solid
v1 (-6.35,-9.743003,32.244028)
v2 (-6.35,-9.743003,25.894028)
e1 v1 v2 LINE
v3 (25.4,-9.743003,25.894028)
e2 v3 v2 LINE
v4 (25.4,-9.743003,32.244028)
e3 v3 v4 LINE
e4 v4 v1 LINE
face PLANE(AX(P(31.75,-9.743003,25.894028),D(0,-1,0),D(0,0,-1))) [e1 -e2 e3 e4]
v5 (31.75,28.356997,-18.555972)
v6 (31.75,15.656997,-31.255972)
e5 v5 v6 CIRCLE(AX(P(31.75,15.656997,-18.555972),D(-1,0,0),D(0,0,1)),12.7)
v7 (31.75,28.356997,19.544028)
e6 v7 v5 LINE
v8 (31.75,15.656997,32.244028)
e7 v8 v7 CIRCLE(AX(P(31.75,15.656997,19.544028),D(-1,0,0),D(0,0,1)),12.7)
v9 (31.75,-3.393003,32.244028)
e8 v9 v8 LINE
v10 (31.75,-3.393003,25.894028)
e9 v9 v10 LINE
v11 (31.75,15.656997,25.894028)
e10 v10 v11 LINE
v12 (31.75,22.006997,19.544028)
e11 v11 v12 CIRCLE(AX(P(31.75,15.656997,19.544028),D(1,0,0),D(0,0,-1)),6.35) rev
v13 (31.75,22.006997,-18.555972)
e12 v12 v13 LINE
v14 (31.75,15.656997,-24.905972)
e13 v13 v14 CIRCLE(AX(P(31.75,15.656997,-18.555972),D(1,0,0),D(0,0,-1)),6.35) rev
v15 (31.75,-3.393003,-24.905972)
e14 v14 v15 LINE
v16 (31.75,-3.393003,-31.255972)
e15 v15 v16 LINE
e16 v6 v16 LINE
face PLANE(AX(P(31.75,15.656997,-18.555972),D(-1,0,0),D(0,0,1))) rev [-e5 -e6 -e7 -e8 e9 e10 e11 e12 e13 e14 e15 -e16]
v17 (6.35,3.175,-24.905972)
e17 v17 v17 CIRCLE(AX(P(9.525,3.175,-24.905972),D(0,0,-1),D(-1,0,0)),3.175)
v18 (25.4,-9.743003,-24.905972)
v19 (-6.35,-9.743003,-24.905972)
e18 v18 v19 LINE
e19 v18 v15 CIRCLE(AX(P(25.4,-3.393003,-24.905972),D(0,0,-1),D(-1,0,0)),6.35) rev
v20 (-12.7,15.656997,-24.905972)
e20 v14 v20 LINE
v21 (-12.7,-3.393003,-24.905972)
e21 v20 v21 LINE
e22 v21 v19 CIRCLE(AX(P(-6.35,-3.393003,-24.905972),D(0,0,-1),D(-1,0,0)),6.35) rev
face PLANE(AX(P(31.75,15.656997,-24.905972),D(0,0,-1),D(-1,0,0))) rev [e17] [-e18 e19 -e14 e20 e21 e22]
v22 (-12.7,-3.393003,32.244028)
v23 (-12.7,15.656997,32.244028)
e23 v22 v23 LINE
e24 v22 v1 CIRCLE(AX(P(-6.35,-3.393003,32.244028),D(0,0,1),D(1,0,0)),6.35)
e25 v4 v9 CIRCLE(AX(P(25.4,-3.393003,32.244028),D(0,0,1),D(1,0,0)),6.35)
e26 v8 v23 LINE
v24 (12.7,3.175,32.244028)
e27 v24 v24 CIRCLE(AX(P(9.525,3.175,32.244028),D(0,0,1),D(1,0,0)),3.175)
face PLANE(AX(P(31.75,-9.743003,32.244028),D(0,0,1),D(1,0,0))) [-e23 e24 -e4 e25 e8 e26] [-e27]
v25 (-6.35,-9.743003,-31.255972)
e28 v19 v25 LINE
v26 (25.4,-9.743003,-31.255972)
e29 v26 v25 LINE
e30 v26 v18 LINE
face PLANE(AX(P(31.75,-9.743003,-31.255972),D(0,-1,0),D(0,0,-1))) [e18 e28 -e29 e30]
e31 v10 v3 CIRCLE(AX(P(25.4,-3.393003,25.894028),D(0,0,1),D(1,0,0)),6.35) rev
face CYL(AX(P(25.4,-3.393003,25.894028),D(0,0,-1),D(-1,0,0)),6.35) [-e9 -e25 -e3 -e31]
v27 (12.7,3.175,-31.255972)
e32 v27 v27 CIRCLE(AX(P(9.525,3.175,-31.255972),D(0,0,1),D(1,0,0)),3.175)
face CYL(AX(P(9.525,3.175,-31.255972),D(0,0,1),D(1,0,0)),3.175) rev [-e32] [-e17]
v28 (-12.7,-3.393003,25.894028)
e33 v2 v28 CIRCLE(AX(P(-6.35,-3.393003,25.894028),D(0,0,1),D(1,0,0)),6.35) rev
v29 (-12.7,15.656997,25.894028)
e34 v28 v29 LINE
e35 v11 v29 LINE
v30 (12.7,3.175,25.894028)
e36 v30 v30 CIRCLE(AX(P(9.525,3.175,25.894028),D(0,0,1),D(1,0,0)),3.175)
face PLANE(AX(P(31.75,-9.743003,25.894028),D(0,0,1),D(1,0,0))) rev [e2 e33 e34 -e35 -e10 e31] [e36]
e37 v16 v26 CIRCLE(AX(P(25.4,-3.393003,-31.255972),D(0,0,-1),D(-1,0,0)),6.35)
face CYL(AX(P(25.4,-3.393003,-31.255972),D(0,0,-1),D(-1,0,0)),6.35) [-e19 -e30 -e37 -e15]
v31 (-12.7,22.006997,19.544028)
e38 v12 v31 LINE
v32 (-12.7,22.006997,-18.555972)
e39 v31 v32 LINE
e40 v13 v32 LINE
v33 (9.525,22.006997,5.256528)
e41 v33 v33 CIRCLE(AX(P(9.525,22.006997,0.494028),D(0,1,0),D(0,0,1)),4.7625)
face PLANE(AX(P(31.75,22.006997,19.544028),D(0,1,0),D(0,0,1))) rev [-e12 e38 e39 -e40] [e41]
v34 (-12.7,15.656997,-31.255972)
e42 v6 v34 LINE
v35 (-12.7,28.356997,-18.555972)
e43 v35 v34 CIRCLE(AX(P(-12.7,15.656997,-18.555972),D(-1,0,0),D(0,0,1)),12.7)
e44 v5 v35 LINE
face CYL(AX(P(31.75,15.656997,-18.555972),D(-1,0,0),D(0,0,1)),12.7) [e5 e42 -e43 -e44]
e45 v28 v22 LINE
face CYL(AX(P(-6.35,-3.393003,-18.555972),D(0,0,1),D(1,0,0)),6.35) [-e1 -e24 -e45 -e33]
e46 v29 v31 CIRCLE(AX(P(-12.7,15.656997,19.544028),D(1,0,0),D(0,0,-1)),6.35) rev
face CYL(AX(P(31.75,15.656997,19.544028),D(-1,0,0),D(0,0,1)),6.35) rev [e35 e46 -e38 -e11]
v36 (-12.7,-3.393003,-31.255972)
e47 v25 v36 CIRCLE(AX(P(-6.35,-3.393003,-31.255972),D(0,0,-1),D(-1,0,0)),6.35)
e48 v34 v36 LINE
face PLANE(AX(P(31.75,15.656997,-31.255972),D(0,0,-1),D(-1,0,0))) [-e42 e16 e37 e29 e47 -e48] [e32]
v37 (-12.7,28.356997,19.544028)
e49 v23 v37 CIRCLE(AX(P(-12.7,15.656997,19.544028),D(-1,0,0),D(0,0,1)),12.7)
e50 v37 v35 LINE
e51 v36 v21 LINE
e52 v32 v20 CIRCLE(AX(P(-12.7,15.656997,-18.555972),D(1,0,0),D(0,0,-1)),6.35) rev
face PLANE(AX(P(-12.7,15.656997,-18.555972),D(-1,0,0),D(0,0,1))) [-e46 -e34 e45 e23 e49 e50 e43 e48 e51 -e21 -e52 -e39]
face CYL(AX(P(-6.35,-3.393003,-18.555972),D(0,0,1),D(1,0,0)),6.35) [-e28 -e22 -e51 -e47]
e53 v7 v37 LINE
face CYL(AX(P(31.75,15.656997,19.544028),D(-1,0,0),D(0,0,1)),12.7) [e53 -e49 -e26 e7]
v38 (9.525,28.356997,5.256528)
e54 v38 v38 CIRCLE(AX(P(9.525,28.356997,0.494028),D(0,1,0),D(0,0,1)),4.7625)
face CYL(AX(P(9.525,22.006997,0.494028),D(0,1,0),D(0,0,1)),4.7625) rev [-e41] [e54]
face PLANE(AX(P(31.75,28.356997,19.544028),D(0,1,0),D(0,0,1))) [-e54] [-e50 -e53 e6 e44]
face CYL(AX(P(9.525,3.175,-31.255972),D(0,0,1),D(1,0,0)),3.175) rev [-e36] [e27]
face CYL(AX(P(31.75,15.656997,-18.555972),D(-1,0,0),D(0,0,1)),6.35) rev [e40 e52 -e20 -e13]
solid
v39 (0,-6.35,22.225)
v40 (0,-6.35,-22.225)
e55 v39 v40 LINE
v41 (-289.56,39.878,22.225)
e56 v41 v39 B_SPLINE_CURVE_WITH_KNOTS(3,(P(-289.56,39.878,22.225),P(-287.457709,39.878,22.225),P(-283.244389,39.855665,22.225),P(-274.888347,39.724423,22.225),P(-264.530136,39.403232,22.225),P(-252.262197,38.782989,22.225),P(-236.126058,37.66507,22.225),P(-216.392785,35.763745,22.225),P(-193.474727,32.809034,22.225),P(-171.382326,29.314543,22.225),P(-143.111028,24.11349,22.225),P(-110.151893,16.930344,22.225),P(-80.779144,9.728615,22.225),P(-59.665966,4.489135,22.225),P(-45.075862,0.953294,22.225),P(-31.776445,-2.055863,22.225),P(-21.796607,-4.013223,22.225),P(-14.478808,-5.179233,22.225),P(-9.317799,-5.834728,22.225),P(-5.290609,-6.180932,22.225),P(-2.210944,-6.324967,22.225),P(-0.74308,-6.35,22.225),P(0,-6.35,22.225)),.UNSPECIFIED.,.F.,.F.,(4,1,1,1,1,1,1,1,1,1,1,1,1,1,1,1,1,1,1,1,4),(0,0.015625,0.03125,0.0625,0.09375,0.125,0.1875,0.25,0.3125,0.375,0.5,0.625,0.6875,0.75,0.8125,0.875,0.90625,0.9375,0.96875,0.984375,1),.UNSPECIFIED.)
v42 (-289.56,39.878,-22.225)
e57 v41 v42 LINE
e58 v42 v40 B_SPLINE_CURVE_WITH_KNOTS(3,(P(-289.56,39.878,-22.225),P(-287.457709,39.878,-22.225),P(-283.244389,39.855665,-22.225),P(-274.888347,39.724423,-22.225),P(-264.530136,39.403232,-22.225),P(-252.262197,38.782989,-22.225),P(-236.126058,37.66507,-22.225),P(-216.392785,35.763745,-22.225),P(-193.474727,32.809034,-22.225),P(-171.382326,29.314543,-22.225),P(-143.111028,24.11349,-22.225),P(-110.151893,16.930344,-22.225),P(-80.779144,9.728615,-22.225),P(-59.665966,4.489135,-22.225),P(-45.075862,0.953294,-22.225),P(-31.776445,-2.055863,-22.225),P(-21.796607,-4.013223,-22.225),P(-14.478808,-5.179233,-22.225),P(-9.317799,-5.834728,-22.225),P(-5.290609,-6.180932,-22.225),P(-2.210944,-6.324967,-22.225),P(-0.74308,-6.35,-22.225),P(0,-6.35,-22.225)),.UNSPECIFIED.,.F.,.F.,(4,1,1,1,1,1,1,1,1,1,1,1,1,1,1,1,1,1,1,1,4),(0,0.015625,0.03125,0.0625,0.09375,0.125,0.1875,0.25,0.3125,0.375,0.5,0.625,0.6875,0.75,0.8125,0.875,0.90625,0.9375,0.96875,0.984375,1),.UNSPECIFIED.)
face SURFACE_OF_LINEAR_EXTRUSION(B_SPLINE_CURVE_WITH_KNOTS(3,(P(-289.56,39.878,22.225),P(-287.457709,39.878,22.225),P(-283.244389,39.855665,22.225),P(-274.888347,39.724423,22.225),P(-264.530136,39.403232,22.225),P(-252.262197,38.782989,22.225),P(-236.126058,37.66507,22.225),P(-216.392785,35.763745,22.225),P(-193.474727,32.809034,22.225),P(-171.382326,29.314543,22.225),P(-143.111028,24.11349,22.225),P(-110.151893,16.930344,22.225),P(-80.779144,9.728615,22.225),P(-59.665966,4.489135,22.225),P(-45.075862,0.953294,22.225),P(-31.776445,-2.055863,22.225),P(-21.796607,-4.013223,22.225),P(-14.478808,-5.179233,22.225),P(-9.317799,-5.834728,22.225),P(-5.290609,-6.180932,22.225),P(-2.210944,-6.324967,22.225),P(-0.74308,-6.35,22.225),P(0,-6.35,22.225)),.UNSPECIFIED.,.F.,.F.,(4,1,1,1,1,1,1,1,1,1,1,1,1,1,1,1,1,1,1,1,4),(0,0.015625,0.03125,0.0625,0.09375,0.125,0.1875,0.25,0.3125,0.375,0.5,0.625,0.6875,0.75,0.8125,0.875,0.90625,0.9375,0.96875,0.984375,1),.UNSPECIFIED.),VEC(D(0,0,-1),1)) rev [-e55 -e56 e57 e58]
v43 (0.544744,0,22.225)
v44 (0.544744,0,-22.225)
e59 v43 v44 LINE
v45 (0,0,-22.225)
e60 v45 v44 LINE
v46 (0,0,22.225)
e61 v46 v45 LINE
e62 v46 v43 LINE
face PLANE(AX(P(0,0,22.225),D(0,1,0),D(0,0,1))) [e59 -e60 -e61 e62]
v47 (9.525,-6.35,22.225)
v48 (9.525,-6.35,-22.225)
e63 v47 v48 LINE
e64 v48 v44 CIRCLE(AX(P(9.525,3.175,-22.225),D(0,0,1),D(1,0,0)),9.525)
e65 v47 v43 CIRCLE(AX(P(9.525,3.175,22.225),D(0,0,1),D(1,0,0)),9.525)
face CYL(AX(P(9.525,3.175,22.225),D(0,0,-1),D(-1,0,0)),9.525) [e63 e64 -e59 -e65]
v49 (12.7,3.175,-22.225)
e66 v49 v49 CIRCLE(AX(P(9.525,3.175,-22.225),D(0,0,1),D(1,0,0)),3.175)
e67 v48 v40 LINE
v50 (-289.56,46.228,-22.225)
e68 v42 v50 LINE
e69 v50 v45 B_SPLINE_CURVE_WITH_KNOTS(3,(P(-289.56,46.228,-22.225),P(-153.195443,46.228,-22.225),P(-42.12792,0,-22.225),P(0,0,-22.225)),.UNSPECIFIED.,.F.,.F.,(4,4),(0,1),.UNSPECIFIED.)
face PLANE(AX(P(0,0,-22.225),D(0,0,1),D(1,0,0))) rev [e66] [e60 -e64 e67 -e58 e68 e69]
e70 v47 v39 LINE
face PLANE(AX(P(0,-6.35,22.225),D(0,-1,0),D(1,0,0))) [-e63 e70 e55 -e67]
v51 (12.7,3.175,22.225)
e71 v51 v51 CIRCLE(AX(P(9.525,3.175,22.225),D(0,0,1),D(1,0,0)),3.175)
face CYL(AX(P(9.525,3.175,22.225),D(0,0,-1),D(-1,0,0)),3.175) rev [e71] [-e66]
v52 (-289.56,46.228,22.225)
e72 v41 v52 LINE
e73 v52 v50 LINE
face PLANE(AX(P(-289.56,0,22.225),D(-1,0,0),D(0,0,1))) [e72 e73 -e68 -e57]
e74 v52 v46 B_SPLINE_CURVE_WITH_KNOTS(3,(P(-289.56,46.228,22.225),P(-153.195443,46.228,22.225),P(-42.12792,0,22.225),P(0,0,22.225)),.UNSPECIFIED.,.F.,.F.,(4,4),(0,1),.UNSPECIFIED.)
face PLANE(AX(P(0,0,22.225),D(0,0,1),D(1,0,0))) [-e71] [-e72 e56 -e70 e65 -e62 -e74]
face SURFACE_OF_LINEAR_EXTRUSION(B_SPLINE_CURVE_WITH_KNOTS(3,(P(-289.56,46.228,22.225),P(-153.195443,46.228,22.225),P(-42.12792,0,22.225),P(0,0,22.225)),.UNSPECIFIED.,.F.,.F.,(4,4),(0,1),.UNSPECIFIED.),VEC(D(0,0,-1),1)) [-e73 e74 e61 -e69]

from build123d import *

# Parameters (mm, degrees)
SKETCH1_R           = 3.175
BOSS_EXTRUDE1_DEPTH = 22.225
EXTRUDE_THIN1_START = -12.7
EXTRUDE_THIN1_DEPTH = 44.45
SKETCH3_R           = 3.175
CUT_EXTRUDE1_DEPTH  = 301.023785142
FILLET1_R           = 6.35
SKETCH4_R           = 4.7625
CUT_EXTRUDE2_DEPTH  = 6.35


with BuildPart() as part:
    # Sketch1 → Boss-Extrude1 (new, symmetric)
    with BuildSketch(Plane.XY):
        with BuildLine():
            Line((-289.56, 46.228), (-289.56, 39.878))
            add(Edge.make_bspline(
                [(-289.56, 39.878), (-287.457708774, 39.878), (-283.244388722, 39.855665269), (-274.888346659, 39.72442276), (-264.530135649, 39.403232114), (-252.262197223, 38.782989217), (-236.126058345, 37.665070109), (-216.392784617, 35.763744796), (-193.474726614, 32.809033629), (-171.382325609, 29.314543407), (-143.111028194, 24.11348997), (-110.15189314, 16.930344434), (-80.779143513, 9.728615394), (-59.665965857, 4.489135204), (-45.075862357, 0.953293749), (-31.776445337, -2.055863029), (-21.796607379, -4.013222514), (-14.47880752, -5.179232924), (-9.317799197, -5.834727867), (-5.290609247, -6.180931611), (-2.210944405, -6.324967238), (-0.743079937, -6.35), (0, -6.35)],
                knots=[0, 0, 0, 0, 0.015625, 0.03125, 0.0625, 0.09375, 0.125, 0.1875, 0.25, 0.3125, 0.375, 0.5, 0.625, 0.6875, 0.75, 0.8125, 0.875, 0.90625, 0.9375, 0.96875, 0.984375, 1, 1, 1, 1], degree=3))
            Line((0, -6.35), (9.525, -6.35))
            ThreePointArc((9.525, -6.35), (15.024261314, 10.952129933), (0.544743879, 0))
            Line((0.544743879, 0), (0, 0))
            add(Edge.make_bspline(
                [(-289.56, 46.228), (-153.195442893, 46.228), (-42.127920077, 0), (0, 0)],
                knots=[0, 0, 0, 0, 1, 1, 1, 1], degree=3))
        make_face()
        with Locations((9.525, 3.175)):
            Circle(SKETCH1_R, mode=Mode.SUBTRACT)
    extrude(amount=BOSS_EXTRUDE1_DEPTH, both=True)


with BuildPart() as body_2:
    # Sketch2 → Extrude-Thin1 (new body)
    with BuildSketch(Plane(origin=(0, 0, 0), x_dir=(0, 0, -1), z_dir=(1, 0, 0)).offset(EXTRUDE_THIN1_START)):
        with BuildLine():
            Line((-32.244028337, -9.743002829), (-32.244028337, 15.656997171))
            ThreePointArc((-32.244028337, 15.656997171), (-28.524284458, 24.637253292), (-19.544028337, 28.356997171))
            Line((-19.544028337, 28.356997171), (18.555971663, 28.356997171))
            ThreePointArc((18.555971663, 28.356997171), (27.536227785, 24.637253292), (31.255971663, 15.656997171))
            Line((31.255971663, 15.656997171), (31.255971663, -9.743002829))
            Line((31.255971663, -9.743002829), (24.905971663, -9.743002829))
            Line((24.905971663, -9.743002829), (24.905971663, 15.656997171))
            ThreePointArc((24.905971663, 15.656997171), (23.046099724, 20.147125231), (18.555971663, 22.006997171))
            Line((18.555971663, 22.006997171), (-19.544028337, 22.006997171))
            ThreePointArc((-19.544028337, 22.006997171), (-24.034156397, 20.147125231), (-25.894028337, 15.656997171))
            Line((-25.894028337, 15.656997171), (-25.894028337, -9.743002829))
            Line((-25.894028337, -9.743002829), (-32.244028337, -9.743002829))
        make_face()
    extrude(amount=EXTRUDE_THIN1_DEPTH)

    # Sketch3 → Cut-Extrude1 (cut, through all)
    with BuildSketch(Plane.XY.offset(32.244028337)):
        with Locations((9.525, 3.175)):
            Circle(SKETCH3_R)
    extrude(amount=-CUT_EXTRUDE1_DEPTH, mode=Mode.SUBTRACT)

    # Fillet1
    fillet1_edges = [body_2.edges().sort_by_distance(p)[0] for p in [
        (-12.7, -9.743002829, 29.069028337),
        (-12.7, -9.743002829, -28.080971663),
        (31.75, -9.743002829, 29.069028337),
        (31.75, -9.743002829, -28.080971663),
    ]]
    fillet(fillet1_edges, radius=FILLET1_R)

    # Sketch4 → Cut-Extrude2 (cut)
    with BuildSketch(Plane(origin=(0, 28.356997171, 0), x_dir=(1, 0, 0), z_dir=(0, 1, 0))):
        with Locations(Location((9.525, -0.494028337, 0), (0, 0, 270))):
            Circle(SKETCH4_R)
    extrude(amount=-CUT_EXTRUDE2_DEPTH, mode=Mode.SUBTRACT)


solid = Compound([part.part, body_2.part])
